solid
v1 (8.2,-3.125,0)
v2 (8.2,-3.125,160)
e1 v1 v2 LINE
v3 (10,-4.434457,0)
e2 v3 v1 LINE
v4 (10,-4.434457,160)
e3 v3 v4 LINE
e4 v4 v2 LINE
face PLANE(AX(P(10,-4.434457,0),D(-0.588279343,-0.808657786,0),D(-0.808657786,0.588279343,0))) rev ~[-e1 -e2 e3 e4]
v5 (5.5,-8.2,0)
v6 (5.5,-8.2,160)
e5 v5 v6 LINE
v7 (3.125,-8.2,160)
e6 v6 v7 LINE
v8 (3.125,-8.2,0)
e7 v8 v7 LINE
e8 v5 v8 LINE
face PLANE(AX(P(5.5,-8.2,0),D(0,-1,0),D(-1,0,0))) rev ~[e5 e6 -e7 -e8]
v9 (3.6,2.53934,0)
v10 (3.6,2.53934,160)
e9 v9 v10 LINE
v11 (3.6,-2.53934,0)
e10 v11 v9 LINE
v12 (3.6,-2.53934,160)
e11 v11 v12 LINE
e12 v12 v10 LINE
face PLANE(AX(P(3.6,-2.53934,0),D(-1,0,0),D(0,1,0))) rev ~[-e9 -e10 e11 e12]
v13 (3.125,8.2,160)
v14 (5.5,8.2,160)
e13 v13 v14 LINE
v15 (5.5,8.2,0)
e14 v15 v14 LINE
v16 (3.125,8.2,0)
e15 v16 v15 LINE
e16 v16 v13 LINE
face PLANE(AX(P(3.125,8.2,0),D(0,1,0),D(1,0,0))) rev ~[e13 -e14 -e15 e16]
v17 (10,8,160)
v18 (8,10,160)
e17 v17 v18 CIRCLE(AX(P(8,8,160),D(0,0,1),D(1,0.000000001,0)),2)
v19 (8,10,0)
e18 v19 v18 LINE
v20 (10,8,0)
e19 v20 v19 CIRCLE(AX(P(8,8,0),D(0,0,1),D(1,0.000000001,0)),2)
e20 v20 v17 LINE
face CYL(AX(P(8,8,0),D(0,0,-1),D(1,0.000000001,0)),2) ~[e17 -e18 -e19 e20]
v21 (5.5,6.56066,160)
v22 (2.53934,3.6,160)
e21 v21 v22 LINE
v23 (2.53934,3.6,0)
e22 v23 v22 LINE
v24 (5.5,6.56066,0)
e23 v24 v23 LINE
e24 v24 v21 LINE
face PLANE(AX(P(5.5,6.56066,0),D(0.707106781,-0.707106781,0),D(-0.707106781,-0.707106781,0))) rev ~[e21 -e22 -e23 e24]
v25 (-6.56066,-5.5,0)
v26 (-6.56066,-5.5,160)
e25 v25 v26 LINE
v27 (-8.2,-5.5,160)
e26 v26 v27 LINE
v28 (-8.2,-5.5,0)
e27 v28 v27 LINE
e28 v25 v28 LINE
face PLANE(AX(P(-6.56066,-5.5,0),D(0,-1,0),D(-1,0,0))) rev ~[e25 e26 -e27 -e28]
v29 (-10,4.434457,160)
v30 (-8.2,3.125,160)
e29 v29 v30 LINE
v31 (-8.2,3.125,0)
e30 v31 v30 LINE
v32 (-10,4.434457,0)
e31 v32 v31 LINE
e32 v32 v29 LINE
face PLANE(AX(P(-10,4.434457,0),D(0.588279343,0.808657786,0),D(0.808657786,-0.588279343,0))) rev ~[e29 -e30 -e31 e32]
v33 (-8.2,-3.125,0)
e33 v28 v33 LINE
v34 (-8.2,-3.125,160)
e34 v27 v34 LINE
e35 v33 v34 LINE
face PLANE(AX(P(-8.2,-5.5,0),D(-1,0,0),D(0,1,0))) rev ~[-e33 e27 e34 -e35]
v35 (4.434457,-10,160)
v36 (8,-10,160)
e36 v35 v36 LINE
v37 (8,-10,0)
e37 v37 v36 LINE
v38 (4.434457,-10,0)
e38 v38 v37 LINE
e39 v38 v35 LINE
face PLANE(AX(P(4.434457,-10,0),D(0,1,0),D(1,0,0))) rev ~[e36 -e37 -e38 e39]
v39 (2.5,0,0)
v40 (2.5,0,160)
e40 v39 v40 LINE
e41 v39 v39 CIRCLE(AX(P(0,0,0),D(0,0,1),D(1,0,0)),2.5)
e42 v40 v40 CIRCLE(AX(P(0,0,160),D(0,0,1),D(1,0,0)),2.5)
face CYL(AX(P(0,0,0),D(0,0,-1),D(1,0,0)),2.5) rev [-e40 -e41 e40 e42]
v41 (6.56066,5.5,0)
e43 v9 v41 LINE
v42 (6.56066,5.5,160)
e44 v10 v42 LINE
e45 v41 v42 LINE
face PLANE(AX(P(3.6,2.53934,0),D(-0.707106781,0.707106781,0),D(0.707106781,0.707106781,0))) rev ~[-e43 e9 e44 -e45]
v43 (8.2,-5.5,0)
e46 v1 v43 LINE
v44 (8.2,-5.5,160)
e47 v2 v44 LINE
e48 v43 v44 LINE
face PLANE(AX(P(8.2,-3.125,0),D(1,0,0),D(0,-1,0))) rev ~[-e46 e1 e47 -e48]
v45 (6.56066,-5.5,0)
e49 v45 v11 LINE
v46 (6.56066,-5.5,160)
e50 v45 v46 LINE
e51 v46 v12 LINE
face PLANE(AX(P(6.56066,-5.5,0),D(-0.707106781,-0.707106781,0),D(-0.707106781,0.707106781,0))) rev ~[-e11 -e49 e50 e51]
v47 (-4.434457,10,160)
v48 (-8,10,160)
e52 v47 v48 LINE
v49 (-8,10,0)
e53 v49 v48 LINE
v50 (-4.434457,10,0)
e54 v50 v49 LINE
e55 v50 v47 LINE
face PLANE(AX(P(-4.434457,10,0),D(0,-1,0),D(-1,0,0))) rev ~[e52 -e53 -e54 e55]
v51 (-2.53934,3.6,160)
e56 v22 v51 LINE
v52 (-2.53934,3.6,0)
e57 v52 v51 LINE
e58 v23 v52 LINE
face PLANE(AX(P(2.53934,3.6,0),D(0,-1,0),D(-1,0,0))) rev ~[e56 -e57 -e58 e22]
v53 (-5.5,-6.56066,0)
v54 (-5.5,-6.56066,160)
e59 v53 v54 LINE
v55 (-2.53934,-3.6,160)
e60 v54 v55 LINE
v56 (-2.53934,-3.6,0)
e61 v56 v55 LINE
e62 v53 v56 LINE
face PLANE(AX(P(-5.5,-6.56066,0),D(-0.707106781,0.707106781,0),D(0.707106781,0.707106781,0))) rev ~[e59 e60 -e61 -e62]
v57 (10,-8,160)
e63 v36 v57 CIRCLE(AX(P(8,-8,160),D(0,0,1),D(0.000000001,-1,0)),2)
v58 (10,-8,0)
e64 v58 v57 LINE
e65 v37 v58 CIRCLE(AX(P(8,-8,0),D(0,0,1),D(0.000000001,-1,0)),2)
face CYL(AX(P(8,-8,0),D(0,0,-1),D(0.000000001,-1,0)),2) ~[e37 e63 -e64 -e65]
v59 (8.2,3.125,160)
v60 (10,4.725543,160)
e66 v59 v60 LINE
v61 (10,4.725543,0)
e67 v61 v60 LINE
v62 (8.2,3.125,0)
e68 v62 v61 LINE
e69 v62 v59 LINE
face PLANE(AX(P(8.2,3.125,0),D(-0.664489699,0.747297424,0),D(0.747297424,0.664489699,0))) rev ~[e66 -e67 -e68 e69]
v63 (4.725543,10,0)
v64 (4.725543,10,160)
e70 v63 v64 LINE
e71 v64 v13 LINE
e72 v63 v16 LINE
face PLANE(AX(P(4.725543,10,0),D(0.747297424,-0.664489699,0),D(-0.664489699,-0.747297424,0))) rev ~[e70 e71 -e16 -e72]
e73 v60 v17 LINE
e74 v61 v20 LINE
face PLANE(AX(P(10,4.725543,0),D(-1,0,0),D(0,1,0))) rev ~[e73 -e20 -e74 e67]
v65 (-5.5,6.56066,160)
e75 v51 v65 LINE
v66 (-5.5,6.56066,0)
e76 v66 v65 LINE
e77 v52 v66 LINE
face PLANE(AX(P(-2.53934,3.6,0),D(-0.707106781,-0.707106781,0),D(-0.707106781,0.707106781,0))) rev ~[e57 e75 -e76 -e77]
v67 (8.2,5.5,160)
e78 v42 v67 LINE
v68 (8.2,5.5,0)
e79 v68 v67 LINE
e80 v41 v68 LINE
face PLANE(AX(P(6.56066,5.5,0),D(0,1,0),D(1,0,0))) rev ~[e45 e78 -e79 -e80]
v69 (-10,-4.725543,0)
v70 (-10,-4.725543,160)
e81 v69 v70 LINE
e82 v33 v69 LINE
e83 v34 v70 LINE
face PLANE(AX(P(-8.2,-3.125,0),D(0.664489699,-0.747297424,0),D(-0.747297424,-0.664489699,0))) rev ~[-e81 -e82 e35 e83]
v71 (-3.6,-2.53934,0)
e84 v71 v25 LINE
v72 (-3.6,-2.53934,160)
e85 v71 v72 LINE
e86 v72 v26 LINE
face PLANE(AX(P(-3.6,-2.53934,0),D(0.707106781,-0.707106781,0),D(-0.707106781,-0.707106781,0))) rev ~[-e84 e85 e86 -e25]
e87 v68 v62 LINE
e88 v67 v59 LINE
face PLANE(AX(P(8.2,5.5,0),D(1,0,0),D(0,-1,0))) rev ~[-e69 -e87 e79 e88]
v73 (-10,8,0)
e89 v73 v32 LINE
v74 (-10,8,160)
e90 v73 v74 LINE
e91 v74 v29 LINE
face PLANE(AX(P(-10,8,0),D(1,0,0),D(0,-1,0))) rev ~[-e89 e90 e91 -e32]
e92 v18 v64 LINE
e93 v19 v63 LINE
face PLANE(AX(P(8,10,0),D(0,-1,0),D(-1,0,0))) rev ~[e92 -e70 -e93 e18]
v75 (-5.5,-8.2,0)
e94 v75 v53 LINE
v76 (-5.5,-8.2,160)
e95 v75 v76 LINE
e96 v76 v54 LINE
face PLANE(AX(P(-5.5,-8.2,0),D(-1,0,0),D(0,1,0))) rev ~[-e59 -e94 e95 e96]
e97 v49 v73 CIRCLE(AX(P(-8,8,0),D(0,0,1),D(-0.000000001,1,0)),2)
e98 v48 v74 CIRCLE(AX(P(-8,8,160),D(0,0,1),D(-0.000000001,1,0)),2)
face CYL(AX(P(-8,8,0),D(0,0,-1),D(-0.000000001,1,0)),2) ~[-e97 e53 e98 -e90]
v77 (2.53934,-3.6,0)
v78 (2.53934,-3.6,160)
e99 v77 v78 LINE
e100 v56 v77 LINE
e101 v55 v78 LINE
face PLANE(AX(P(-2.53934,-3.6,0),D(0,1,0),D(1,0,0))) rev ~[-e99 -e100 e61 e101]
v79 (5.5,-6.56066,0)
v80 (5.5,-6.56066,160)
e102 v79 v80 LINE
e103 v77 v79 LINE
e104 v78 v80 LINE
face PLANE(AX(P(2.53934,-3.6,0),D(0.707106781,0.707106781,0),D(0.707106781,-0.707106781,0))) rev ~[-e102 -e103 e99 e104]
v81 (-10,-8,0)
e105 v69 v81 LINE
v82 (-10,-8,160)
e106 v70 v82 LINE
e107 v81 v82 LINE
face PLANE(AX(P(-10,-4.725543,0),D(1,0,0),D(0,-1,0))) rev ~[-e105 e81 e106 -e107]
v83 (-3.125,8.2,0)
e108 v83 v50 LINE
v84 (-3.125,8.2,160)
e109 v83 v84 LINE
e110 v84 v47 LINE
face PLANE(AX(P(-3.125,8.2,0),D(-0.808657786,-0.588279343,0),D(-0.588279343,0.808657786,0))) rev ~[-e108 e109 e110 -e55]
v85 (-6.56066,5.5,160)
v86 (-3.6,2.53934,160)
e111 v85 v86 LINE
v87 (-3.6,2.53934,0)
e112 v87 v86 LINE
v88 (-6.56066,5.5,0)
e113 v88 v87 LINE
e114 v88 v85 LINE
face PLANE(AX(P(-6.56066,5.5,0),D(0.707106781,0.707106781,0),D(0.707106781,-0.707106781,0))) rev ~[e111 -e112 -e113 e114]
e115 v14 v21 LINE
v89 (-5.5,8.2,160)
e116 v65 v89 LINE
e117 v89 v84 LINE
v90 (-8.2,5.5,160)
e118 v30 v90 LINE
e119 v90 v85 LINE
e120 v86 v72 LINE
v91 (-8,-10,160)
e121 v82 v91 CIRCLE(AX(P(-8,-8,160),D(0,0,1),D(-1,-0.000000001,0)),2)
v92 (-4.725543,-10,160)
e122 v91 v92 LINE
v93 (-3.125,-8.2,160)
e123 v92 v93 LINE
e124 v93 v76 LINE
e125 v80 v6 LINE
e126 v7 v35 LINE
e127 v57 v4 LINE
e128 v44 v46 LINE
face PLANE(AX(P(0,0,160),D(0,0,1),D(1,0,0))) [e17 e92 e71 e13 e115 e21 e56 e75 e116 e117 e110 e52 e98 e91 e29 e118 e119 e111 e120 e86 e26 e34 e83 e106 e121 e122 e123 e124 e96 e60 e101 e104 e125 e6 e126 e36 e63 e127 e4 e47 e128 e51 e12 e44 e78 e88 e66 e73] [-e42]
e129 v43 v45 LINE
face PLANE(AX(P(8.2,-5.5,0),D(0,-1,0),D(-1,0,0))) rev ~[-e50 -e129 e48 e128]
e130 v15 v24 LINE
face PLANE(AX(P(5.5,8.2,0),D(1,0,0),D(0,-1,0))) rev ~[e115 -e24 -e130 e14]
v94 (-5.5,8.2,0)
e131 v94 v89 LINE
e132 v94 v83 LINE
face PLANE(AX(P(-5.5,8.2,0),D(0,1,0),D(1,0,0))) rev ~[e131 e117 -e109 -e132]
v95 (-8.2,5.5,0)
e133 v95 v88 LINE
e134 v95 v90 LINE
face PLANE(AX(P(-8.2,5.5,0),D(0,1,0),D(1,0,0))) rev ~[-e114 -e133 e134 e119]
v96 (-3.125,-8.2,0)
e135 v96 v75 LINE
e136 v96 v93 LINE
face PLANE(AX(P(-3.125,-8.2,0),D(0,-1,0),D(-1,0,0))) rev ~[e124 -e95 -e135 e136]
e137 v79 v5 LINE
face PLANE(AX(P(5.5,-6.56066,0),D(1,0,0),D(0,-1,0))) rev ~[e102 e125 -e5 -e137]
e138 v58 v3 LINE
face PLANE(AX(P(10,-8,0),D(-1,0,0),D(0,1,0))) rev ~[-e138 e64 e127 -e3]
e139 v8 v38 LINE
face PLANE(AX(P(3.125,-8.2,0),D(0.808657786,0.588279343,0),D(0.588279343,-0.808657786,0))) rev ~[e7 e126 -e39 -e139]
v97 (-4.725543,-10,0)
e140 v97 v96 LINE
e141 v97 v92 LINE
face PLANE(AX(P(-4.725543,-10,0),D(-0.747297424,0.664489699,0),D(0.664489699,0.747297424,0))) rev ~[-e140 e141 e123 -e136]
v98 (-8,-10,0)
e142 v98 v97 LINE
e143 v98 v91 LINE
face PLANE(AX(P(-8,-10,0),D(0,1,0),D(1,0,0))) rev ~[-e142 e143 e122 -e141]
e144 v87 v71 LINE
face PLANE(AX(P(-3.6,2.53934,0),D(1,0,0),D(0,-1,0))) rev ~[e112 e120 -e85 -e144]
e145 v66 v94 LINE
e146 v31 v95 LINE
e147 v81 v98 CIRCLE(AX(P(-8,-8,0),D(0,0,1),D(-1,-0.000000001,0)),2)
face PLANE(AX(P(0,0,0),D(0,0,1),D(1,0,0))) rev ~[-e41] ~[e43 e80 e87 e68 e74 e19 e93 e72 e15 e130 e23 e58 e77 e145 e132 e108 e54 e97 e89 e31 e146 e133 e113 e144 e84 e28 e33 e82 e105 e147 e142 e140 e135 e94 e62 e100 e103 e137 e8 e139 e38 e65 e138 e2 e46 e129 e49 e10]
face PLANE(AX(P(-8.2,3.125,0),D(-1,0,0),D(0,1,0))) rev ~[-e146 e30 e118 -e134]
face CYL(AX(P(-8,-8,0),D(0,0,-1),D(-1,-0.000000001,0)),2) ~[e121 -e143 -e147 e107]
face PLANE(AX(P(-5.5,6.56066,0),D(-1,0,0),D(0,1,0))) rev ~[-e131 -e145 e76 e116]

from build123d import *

# Parameters (mm, degrees)
SKETCH1_R           = 2.5
BOSS_EXTRUDE1_DEPTH = 160


with BuildPart() as part:
    # Sketch1 → Boss-Extrude1 (new body)
    with BuildSketch(Plane.XY):
        with BuildLine():
            Line((-4.725542729, -10), (-3.125, -8.2))
            Line((-3.125, -8.2), (-5.5, -8.2))
            Line((-5.5, -8.2), (-5.5, -6.560660172))
            Line((-5.5, -6.560660172), (-2.539339828, -3.6))
            Line((-2.539339828, -3.6), (2.539339828, -3.6))
            Line((2.539339828, -3.6), (5.5, -6.560660172))
            Line((5.5, -6.560660172), (5.5, -8.2))
            Line((5.5, -8.2), (3.125, -8.2))
            Line((3.125, -8.2), (4.434457271, -10))
            Line((4.434457271, -10), (8, -10))
            ThreePointArc((8, -10), (9.414213562, -9.414213562), (10, -8))
            Line((10, -8), (10, -4.434457271))
            Line((10, -4.434457271), (8.2, -3.125))
            Line((8.2, -3.125), (8.2, -5.5))
            Line((8.2, -5.5), (6.560660172, -5.5))
            Line((6.560660172, -5.5), (3.6, -2.539339828))
            Line((3.6, -2.539339828), (3.6, 2.539339828))
            Line((3.6, 2.539339828), (6.560660172, 5.5))
            Line((6.560660172, 5.5), (8.2, 5.5))
            Line((8.2, 5.5), (8.2, 3.125))
            Line((8.2, 3.125), (10, 4.725542729))
            Line((10, 4.725542729), (10, 8))
            ThreePointArc((10, 8), (9.414213562, 9.414213562), (8, 10))
            Line((8, 10), (4.725542729, 10))
            Line((4.725542729, 10), (3.125, 8.2))
            Line((3.125, 8.2), (5.5, 8.2))
            Line((5.5, 8.2), (5.5, 6.560660172))
            Line((5.5, 6.560660172), (2.539339828, 3.6))
            Line((2.539339828, 3.6), (-2.539339828, 3.6))
            Line((-2.539339828, 3.6), (-5.5, 6.560660172))
            Line((-5.5, 6.560660172), (-5.5, 8.2))
            Line((-5.5, 8.2), (-3.125, 8.2))
            Line((-3.125, 8.2), (-4.434457271, 10))
            Line((-4.434457271, 10), (-8, 10))
            ThreePointArc((-8, 10), (-9.414213562, 9.414213562), (-10, 8))
            Line((-10, 8), (-10, 4.434457271))
            Line((-10, 4.434457271), (-8.2, 3.125))
            Line((-8.2, 3.125), (-8.2, 5.5))
            Line((-8.2, 5.5), (-6.560660172, 5.5))
            Line((-6.560660172, 5.5), (-3.6, 2.539339828))
            Line((-3.6, 2.539339828), (-3.6, -2.539339828))
            Line((-3.6, -2.539339828), (-6.560660172, -5.5))
            Line((-6.560660172, -5.5), (-8.2, -5.5))
            Line((-8.2, -5.5), (-8.2, -3.125))
            Line((-8.2, -3.125), (-10, -4.725542729))
            Line((-10, -4.725542729), (-10, -8))
            ThreePointArc((-10, -8), (-9.414213562, -9.414213562), (-8, -10))
            Line((-8, -10), (-4.725542729, -10))
        make_face()
        Circle(SKETCH1_R, mode=Mode.SUBTRACT)
    extrude(amount=BOSS_EXTRUDE1_DEPTH)


solid = part.part
